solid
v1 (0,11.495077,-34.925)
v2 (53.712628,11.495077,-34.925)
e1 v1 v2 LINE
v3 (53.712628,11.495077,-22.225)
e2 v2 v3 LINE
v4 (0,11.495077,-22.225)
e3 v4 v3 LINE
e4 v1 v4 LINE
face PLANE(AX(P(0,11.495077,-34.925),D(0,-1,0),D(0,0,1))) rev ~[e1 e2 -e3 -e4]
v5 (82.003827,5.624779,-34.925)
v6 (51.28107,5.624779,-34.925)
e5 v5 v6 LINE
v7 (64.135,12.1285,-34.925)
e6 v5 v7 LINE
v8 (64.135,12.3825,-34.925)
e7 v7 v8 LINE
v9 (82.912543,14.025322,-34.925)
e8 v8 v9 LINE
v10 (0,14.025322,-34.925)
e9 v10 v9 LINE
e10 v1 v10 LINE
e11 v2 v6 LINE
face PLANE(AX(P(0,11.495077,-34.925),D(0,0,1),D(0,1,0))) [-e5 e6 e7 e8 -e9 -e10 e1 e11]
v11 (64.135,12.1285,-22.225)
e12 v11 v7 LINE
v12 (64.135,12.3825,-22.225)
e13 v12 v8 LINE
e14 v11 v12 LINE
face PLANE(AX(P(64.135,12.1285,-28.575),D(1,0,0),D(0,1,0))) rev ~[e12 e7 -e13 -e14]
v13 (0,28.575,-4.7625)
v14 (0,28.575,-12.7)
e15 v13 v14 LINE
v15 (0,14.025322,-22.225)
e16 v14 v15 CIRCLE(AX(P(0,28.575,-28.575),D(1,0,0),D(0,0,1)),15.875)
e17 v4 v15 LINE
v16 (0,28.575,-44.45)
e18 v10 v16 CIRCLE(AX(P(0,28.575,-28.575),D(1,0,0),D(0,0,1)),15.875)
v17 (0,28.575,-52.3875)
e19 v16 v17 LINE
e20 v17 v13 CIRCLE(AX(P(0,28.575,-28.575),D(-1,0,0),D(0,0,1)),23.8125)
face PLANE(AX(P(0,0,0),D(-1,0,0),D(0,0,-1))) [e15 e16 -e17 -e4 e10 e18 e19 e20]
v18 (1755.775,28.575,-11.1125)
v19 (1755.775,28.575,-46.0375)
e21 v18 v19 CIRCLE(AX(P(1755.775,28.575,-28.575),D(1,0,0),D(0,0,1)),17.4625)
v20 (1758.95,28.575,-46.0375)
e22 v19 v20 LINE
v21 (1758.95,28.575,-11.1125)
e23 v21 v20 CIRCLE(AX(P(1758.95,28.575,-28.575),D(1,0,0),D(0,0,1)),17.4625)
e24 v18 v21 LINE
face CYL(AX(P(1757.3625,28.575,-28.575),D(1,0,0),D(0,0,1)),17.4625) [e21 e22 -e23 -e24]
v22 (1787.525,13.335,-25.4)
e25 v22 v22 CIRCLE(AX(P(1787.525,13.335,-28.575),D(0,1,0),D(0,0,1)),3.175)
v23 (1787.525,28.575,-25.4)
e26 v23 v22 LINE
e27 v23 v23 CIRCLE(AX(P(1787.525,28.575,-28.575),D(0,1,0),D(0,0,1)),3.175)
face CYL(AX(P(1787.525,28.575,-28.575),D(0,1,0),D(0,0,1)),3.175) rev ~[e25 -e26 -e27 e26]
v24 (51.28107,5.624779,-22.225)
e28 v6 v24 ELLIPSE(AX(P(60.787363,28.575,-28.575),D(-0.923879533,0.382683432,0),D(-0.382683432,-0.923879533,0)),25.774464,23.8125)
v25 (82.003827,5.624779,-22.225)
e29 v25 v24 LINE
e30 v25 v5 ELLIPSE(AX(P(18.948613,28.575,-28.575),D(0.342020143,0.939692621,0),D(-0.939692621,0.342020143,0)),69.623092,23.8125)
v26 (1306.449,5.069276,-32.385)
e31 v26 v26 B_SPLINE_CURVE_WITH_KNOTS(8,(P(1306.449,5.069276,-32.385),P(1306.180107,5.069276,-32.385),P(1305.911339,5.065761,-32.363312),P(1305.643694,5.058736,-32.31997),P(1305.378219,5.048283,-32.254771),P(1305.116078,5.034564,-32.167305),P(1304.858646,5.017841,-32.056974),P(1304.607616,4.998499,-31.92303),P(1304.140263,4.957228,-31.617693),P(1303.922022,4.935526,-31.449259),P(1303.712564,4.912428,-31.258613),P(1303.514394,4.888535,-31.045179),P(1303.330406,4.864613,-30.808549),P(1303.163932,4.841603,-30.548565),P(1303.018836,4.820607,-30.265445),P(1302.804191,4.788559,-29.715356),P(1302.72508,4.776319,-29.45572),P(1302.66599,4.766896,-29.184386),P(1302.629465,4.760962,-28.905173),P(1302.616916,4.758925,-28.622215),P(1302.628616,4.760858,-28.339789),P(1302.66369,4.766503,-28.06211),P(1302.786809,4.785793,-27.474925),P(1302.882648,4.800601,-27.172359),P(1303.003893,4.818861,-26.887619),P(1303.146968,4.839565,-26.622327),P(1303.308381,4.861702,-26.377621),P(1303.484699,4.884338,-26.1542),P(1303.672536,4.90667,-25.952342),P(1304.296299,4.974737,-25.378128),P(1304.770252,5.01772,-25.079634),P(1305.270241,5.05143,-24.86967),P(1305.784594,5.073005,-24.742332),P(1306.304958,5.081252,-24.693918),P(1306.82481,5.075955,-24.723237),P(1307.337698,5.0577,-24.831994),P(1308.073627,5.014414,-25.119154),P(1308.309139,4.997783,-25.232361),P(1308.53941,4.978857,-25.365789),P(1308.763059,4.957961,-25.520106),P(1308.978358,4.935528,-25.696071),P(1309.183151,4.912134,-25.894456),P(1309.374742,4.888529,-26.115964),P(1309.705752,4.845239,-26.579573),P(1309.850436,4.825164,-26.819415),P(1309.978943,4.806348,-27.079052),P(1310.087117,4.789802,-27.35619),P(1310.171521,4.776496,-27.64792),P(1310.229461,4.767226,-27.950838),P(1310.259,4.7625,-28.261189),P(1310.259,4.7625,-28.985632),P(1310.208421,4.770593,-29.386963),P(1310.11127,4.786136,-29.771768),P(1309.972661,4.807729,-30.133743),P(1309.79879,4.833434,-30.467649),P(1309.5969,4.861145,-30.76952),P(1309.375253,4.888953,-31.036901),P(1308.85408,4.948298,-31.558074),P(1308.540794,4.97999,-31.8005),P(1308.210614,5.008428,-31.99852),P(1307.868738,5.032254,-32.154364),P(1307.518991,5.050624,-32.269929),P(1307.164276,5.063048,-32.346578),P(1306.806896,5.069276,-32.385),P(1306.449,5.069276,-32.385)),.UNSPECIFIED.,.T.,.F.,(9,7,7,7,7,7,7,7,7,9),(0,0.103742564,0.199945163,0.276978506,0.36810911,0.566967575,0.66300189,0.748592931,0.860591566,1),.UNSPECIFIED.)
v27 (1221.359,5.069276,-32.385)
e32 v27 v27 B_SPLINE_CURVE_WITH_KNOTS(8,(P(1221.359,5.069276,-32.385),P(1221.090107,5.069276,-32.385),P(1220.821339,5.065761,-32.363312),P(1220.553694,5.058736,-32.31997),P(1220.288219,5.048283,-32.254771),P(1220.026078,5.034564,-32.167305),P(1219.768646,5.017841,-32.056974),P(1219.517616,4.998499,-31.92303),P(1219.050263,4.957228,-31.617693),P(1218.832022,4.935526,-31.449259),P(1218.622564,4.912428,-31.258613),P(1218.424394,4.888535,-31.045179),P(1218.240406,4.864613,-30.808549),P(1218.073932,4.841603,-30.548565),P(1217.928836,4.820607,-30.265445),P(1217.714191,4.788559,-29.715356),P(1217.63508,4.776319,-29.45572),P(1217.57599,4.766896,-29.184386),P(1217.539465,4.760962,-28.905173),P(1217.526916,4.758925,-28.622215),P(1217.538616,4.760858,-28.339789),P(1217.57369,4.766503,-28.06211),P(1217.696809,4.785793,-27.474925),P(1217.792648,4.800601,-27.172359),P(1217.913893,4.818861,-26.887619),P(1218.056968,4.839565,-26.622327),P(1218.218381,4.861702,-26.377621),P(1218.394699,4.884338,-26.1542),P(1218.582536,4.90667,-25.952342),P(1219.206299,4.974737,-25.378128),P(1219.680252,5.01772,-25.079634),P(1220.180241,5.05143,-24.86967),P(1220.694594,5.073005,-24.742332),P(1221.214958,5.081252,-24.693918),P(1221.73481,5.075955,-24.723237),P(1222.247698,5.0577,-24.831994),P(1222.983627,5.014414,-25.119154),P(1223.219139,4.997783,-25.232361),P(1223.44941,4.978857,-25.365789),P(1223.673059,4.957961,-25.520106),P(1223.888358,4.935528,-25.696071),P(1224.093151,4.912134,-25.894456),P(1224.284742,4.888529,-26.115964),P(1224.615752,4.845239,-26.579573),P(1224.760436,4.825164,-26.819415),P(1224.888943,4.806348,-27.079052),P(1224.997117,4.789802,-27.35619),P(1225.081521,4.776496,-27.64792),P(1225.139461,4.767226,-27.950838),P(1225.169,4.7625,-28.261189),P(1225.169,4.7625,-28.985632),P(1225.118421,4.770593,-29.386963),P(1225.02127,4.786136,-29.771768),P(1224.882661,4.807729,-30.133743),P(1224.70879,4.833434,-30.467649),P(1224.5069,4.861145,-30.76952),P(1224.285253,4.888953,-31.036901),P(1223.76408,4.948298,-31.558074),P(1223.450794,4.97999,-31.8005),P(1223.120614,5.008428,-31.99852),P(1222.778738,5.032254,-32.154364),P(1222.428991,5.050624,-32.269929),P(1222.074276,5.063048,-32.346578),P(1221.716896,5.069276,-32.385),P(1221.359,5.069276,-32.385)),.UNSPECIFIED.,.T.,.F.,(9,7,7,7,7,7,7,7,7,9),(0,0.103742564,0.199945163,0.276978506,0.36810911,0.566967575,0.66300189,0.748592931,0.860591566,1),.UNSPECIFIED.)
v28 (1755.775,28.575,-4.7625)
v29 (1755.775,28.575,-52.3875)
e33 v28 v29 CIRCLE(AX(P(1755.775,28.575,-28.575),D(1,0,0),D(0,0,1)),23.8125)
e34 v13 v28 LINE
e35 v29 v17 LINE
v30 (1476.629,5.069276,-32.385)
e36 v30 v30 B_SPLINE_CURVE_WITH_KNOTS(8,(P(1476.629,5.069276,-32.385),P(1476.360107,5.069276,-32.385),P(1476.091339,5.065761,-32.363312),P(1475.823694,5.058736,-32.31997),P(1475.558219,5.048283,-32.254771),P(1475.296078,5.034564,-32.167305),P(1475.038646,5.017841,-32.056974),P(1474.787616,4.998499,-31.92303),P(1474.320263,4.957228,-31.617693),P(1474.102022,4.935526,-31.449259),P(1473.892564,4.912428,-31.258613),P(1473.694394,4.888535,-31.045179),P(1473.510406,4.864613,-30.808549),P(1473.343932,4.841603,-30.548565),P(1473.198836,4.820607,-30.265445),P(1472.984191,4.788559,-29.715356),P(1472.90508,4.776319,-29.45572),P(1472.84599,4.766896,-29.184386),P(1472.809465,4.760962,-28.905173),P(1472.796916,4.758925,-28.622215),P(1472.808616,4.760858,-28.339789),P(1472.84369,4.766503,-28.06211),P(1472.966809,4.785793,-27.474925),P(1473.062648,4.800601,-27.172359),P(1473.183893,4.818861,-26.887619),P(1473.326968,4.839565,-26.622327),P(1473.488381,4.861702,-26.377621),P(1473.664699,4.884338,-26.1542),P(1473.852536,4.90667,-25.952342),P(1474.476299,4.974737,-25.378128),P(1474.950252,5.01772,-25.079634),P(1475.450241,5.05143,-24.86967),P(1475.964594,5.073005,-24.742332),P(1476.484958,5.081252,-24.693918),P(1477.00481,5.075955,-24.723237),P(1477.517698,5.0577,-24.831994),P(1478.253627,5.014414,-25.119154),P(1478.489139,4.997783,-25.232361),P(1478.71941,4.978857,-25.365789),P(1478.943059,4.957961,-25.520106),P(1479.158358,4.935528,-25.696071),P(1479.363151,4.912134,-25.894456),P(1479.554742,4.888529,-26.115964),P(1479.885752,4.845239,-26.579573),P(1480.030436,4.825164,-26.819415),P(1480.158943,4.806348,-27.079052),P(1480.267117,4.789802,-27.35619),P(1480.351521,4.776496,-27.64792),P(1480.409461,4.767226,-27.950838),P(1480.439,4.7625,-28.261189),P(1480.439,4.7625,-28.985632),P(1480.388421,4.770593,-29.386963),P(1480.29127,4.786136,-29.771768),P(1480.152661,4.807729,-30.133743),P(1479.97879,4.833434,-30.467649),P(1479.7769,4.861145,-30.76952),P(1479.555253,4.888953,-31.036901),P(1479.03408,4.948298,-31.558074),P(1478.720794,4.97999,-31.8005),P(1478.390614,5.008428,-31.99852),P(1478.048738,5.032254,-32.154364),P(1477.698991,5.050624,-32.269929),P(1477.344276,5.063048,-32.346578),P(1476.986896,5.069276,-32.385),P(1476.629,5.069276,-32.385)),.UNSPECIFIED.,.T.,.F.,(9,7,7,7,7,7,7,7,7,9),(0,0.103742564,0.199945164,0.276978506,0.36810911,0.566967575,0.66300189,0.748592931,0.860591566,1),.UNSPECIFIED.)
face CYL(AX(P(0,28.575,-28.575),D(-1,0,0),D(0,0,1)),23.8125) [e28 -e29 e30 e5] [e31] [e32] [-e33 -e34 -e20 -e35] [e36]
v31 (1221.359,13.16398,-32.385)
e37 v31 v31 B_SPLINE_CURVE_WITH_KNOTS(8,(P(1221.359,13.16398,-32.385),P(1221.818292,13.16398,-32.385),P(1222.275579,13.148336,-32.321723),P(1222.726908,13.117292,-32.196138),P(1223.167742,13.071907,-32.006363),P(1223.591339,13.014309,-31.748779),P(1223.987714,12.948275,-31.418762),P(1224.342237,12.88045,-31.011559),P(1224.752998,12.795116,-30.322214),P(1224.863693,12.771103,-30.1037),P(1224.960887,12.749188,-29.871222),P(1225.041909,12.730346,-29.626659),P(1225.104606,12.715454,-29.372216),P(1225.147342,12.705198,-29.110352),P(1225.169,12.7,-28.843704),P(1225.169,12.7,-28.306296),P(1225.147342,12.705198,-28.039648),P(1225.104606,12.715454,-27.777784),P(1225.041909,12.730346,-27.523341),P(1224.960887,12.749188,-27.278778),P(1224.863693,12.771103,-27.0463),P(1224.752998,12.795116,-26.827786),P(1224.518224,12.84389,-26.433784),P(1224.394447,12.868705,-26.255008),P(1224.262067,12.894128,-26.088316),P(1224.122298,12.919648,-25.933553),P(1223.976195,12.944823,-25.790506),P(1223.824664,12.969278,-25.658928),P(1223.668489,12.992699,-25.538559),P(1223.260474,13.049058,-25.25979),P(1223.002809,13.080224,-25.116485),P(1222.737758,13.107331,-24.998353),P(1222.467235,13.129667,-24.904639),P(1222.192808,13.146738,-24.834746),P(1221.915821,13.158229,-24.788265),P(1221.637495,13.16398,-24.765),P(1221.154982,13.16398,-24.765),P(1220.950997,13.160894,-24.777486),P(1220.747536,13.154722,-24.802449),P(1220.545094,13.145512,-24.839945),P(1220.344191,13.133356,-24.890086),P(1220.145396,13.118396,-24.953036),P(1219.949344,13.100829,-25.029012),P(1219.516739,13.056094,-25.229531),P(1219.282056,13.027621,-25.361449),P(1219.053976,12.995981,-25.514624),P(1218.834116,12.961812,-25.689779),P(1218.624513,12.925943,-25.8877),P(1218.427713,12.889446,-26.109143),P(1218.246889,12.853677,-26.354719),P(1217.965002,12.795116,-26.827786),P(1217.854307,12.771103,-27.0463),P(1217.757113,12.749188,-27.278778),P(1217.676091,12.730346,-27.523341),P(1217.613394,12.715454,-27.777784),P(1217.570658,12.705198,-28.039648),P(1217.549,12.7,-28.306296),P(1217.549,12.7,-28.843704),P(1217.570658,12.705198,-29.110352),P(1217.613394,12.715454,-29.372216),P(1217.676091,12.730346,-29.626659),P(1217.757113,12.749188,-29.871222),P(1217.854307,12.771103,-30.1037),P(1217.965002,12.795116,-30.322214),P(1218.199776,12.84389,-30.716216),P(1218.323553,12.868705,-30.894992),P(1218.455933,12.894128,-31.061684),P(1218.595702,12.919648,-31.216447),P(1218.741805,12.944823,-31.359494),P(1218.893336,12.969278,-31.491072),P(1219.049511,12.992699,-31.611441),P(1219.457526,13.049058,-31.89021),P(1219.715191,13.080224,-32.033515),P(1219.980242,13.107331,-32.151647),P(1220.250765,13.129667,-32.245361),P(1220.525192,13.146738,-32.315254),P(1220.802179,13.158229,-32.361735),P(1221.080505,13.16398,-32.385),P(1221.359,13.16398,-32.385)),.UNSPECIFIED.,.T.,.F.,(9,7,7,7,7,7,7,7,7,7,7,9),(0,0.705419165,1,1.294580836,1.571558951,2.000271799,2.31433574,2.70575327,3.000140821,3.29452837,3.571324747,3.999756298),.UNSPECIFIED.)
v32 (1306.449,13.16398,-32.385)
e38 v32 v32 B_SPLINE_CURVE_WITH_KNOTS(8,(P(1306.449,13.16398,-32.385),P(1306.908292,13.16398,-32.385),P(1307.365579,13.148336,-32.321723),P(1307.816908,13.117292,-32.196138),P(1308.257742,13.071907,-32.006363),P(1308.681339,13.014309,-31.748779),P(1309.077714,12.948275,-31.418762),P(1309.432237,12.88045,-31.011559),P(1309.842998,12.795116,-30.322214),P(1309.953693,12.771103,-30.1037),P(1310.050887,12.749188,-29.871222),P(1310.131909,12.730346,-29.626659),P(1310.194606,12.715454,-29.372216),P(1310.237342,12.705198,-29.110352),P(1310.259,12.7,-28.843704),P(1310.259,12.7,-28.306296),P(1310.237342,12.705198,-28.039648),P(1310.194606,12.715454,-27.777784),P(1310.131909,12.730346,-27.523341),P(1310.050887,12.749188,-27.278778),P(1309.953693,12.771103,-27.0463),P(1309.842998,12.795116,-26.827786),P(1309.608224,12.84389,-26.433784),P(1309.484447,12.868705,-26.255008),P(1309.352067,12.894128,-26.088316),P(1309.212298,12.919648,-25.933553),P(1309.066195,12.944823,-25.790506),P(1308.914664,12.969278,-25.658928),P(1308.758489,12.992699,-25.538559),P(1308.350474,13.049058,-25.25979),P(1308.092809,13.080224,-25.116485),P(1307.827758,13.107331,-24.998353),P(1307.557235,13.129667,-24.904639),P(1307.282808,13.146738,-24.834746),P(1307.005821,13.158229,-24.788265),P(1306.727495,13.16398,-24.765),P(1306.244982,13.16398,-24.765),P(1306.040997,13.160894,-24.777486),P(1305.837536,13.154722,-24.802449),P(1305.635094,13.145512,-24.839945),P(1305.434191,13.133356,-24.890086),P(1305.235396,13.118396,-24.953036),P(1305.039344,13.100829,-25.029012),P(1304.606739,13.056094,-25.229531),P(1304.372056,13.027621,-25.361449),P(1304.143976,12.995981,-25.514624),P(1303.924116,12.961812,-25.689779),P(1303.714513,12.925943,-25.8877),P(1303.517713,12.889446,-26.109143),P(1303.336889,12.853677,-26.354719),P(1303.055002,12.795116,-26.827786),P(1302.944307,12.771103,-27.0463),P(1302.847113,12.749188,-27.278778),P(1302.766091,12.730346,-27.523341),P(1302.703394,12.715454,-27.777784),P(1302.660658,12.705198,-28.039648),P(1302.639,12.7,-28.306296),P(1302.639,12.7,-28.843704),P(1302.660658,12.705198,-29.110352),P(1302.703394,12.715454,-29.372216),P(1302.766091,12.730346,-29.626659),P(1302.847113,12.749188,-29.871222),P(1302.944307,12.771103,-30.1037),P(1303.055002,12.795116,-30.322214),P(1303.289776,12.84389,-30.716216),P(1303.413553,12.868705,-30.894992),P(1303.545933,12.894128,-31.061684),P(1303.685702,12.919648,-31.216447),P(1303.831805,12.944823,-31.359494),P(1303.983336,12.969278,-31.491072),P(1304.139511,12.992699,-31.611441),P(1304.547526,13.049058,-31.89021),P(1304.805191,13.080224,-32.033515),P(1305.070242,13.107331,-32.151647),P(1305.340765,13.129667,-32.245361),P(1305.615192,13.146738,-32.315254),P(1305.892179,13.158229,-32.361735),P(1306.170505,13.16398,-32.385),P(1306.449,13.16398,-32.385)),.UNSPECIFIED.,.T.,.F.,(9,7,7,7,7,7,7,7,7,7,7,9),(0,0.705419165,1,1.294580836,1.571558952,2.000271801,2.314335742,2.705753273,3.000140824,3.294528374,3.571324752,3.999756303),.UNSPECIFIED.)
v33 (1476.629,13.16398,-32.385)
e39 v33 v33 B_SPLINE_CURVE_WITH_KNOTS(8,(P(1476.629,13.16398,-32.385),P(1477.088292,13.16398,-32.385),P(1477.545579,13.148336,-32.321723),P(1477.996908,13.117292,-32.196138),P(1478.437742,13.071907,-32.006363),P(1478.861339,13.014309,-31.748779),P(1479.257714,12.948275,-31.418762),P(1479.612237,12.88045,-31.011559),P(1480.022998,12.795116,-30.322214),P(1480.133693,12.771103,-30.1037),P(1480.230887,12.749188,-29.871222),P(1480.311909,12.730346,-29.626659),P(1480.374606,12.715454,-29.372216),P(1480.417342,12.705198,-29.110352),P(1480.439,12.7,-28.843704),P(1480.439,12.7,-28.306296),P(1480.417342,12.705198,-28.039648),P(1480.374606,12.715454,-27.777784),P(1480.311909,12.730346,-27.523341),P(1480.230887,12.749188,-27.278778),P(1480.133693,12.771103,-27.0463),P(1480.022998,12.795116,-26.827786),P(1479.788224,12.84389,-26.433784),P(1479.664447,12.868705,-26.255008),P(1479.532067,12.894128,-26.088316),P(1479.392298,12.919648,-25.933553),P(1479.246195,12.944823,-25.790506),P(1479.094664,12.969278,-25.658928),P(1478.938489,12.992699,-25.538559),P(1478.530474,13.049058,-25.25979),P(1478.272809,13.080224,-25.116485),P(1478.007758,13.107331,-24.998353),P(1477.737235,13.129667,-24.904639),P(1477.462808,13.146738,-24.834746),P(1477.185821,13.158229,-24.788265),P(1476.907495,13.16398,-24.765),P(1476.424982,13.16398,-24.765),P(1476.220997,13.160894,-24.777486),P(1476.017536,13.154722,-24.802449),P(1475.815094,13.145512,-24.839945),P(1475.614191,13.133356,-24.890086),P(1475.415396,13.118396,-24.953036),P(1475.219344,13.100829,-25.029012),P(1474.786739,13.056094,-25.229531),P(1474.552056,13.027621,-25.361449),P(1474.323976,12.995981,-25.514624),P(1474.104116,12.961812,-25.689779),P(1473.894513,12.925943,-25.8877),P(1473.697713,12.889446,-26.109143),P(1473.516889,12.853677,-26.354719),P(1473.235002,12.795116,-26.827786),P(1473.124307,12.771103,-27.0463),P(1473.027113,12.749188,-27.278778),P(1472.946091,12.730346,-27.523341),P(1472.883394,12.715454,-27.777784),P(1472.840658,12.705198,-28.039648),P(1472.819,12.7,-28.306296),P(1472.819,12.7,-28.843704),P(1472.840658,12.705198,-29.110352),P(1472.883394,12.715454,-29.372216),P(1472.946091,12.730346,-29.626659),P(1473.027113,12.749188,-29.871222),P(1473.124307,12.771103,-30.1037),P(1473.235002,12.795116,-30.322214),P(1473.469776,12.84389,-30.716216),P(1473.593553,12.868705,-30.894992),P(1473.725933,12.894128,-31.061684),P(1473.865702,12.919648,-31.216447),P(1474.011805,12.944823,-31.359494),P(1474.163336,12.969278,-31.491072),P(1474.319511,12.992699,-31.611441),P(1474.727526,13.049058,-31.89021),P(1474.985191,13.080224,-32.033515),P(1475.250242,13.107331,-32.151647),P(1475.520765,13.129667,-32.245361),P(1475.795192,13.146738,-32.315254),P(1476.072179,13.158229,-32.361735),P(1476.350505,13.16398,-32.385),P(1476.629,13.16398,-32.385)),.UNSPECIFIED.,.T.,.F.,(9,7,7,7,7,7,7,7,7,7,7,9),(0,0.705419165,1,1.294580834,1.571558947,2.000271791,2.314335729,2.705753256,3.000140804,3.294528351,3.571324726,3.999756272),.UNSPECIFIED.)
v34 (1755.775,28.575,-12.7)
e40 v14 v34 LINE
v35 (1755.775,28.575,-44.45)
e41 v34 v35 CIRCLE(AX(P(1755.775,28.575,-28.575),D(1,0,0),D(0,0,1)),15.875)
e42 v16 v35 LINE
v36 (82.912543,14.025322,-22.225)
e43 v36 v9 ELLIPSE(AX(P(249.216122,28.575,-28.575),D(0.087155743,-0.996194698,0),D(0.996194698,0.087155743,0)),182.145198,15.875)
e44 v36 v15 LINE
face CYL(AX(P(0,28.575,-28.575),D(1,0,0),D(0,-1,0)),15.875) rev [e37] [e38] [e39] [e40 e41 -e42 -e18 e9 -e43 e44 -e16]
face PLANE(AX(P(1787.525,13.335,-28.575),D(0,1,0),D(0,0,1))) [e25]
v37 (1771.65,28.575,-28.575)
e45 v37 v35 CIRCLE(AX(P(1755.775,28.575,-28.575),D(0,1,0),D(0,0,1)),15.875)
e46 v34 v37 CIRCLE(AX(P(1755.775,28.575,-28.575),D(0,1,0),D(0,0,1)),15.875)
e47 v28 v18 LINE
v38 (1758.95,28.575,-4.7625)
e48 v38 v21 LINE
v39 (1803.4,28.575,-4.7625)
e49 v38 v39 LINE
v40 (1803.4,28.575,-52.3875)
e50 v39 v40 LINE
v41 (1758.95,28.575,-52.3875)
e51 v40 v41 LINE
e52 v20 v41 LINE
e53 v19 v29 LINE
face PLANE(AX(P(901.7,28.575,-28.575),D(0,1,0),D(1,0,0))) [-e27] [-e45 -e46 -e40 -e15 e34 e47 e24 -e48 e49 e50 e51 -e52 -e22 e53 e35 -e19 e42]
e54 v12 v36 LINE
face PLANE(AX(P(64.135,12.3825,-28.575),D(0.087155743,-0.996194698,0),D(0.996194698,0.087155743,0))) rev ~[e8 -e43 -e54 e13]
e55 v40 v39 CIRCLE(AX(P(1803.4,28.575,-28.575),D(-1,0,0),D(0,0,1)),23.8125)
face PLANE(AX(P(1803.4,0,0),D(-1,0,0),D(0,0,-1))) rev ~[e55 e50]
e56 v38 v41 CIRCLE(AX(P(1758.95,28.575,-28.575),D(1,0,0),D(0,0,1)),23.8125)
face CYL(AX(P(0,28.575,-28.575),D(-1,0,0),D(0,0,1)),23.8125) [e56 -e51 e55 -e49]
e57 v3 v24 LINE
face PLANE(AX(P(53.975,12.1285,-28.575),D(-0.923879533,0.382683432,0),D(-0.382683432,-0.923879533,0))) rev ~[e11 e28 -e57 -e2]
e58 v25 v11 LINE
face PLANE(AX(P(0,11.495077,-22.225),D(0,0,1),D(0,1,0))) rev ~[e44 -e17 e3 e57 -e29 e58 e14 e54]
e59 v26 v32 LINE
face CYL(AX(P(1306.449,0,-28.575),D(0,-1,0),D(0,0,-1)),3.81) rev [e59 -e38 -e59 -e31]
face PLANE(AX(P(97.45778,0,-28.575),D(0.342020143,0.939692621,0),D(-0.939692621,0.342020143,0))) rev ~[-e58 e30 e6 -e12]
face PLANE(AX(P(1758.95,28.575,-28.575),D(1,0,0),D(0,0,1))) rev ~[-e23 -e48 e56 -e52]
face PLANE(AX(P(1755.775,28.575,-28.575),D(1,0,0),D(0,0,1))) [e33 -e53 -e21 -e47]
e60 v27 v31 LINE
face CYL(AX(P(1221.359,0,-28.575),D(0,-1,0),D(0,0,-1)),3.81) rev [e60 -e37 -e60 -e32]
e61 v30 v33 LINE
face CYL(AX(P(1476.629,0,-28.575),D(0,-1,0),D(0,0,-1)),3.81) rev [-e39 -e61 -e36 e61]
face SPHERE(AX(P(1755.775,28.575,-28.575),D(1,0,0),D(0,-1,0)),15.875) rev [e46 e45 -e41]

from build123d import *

# Parameters (mm, degrees)
SKETCH1_W                   = 1803.4
SKETCH1_H                   = 57.15
WOOD_BLOCK_DEPTH            = 28.575
FIPPLE_DEPTH                = 6.35
SKETCH3_R                   = 3.81
FINGER_HOLES_DEPTH          = 1805.531577204
FIPPLE_INSIDE_CHAMFER_DEPTH = 6.35
SKETCH8_W                   = 12.7
SKETCH8_H                   = 6.694937241
FLUE_DEPTH                  = 58.42
SKETCH10_R                  = 3.175
DOWEL_PIN_HOLE_DEPTH        = 15.24
SKETCH6_OUTSIDE_W           = 420.056
SKETCH6_OUTSIDE_H           = 391.481
SKETCH6_OUTSIDE_R           = 23.8125
OUTSIDE_DIAMETER_DEPTH      = 1805.531577205
SKETCH11_W                  = 3.175
SKETCH11_H                  = 6.35


with BuildPart() as part:
    # Sketch1 → wood block (new body)
    with BuildSketch(Plane(origin=(0, 0, 0), x_dir=(1, 0, 0), z_dir=(0, 1, 0))):
        with Locations((901.7, 28.575)):
            Rectangle(SKETCH1_W, SKETCH1_H)
    extrude(amount=WOOD_BLOCK_DEPTH)

    # Sketch2 → Inner Bore (revolve, cut)
    with BuildSketch(Plane.XY.offset(-28.575)):
        with BuildLine():
            Line((1771.65, 28.575), (-15.875, 28.575))
            ThreePointArc((-15.875, 28.575), (-11.225320151, 17.349679849), (0, 12.7))
            Line((0, 12.7), (1755.775, 12.7))
            ThreePointArc((1755.775, 12.7), (1767.000320151, 17.349679849), (1771.65, 28.575))
        make_face()
    revolve(axis=Axis((1771.65, 28.575, -28.575), (-1, 0, 0)), mode=Mode.SUBTRACT)

    # Sketch5 → fipple (cut, symmetric)
    with BuildSketch(Plane.XY.offset(-28.575)):
        Polygon((53.975, 28.575), (53.975, 12.1285), (48.951210809, 0), (53.975, 0), (64.135, 0), (97.457779882, 0), (64.135, 12.1285), (64.135, 28.575), align=None)
    extrude(amount=FIPPLE_DEPTH, both=True, mode=Mode.SUBTRACT)

    # Sketch3 → finger holes (cut, through all)
    with BuildSketch(Plane(origin=(0, 0, 0), x_dir=(1, 0, 0), z_dir=(0, 1, 0))):
        with Locations(Location((1476.629, 28.575, 0), (0, 0, 90))):
            Circle(SKETCH3_R)
        with Locations(Location((1306.449, 28.575, 0), (0, 0, 90))):
            Circle(SKETCH3_R)
        with Locations(Location((1221.359, 28.575, 0), (0, 0, 90))):
            Circle(SKETCH3_R)
    extrude(amount=FINGER_HOLES_DEPTH, mode=Mode.SUBTRACT)

    # Sketch9 → fipple inside chamfer (cut, symmetric)
    with BuildSketch(Plane.XY.offset(-28.575)):
        Polygon((64.135, 12.3825), (84.373651693, 14.153152588), (64.135, 16.801291368), align=None)
    extrude(amount=FIPPLE_INSIDE_CHAMFER_DEPTH, both=True, mode=Mode.SUBTRACT)

    # Sketch8 → flue (cut)
    with BuildSketch(Plane.ZY):
        with Locations((-28.575, 14.842545711)):
            Rectangle(SKETCH8_W, SKETCH8_H)
    extrude(amount=-FLUE_DEPTH, mode=Mode.SUBTRACT)

    # Sketch10 → dowel pin hole (cut)
    with BuildSketch(Plane(origin=(0, 28.575, 0), x_dir=(1, 0, 0), z_dir=(0, 1, 0))):
        with Locations(Location((1787.525, 28.575, 0), (0, 0, 270))):
            Circle(SKETCH10_R)
    extrude(amount=-DOWEL_PIN_HOLE_DEPTH, mode=Mode.SUBTRACT)

    # Sketch6 outside → outside diameter (cut, through all)
    with BuildSketch(Plane.ZY):
        with Locations((-28.575, 14.2875)):
            Rectangle(SKETCH6_OUTSIDE_W, SKETCH6_OUTSIDE_H)
        with Locations((-28.575, 28.575)):
            Circle(SKETCH6_OUTSIDE_R, mode=Mode.SUBTRACT)
    extrude(amount=-OUTSIDE_DIAMETER_DEPTH, mode=Mode.SUBTRACT)

    # Sketch11 → end length locator (revolve, cut)
    with BuildSketch(Plane(origin=(0, 28.575, 0), x_dir=(1, 0, 0), z_dir=(0, 1, 0))):
        with Locations((1757.3625, 7.9375)):
            Rectangle(SKETCH11_W, SKETCH11_H)
    revolve(axis=Axis((0, 28.575, -28.575), (1, 0, 0)), mode=Mode.SUBTRACT)


solid = part.part
